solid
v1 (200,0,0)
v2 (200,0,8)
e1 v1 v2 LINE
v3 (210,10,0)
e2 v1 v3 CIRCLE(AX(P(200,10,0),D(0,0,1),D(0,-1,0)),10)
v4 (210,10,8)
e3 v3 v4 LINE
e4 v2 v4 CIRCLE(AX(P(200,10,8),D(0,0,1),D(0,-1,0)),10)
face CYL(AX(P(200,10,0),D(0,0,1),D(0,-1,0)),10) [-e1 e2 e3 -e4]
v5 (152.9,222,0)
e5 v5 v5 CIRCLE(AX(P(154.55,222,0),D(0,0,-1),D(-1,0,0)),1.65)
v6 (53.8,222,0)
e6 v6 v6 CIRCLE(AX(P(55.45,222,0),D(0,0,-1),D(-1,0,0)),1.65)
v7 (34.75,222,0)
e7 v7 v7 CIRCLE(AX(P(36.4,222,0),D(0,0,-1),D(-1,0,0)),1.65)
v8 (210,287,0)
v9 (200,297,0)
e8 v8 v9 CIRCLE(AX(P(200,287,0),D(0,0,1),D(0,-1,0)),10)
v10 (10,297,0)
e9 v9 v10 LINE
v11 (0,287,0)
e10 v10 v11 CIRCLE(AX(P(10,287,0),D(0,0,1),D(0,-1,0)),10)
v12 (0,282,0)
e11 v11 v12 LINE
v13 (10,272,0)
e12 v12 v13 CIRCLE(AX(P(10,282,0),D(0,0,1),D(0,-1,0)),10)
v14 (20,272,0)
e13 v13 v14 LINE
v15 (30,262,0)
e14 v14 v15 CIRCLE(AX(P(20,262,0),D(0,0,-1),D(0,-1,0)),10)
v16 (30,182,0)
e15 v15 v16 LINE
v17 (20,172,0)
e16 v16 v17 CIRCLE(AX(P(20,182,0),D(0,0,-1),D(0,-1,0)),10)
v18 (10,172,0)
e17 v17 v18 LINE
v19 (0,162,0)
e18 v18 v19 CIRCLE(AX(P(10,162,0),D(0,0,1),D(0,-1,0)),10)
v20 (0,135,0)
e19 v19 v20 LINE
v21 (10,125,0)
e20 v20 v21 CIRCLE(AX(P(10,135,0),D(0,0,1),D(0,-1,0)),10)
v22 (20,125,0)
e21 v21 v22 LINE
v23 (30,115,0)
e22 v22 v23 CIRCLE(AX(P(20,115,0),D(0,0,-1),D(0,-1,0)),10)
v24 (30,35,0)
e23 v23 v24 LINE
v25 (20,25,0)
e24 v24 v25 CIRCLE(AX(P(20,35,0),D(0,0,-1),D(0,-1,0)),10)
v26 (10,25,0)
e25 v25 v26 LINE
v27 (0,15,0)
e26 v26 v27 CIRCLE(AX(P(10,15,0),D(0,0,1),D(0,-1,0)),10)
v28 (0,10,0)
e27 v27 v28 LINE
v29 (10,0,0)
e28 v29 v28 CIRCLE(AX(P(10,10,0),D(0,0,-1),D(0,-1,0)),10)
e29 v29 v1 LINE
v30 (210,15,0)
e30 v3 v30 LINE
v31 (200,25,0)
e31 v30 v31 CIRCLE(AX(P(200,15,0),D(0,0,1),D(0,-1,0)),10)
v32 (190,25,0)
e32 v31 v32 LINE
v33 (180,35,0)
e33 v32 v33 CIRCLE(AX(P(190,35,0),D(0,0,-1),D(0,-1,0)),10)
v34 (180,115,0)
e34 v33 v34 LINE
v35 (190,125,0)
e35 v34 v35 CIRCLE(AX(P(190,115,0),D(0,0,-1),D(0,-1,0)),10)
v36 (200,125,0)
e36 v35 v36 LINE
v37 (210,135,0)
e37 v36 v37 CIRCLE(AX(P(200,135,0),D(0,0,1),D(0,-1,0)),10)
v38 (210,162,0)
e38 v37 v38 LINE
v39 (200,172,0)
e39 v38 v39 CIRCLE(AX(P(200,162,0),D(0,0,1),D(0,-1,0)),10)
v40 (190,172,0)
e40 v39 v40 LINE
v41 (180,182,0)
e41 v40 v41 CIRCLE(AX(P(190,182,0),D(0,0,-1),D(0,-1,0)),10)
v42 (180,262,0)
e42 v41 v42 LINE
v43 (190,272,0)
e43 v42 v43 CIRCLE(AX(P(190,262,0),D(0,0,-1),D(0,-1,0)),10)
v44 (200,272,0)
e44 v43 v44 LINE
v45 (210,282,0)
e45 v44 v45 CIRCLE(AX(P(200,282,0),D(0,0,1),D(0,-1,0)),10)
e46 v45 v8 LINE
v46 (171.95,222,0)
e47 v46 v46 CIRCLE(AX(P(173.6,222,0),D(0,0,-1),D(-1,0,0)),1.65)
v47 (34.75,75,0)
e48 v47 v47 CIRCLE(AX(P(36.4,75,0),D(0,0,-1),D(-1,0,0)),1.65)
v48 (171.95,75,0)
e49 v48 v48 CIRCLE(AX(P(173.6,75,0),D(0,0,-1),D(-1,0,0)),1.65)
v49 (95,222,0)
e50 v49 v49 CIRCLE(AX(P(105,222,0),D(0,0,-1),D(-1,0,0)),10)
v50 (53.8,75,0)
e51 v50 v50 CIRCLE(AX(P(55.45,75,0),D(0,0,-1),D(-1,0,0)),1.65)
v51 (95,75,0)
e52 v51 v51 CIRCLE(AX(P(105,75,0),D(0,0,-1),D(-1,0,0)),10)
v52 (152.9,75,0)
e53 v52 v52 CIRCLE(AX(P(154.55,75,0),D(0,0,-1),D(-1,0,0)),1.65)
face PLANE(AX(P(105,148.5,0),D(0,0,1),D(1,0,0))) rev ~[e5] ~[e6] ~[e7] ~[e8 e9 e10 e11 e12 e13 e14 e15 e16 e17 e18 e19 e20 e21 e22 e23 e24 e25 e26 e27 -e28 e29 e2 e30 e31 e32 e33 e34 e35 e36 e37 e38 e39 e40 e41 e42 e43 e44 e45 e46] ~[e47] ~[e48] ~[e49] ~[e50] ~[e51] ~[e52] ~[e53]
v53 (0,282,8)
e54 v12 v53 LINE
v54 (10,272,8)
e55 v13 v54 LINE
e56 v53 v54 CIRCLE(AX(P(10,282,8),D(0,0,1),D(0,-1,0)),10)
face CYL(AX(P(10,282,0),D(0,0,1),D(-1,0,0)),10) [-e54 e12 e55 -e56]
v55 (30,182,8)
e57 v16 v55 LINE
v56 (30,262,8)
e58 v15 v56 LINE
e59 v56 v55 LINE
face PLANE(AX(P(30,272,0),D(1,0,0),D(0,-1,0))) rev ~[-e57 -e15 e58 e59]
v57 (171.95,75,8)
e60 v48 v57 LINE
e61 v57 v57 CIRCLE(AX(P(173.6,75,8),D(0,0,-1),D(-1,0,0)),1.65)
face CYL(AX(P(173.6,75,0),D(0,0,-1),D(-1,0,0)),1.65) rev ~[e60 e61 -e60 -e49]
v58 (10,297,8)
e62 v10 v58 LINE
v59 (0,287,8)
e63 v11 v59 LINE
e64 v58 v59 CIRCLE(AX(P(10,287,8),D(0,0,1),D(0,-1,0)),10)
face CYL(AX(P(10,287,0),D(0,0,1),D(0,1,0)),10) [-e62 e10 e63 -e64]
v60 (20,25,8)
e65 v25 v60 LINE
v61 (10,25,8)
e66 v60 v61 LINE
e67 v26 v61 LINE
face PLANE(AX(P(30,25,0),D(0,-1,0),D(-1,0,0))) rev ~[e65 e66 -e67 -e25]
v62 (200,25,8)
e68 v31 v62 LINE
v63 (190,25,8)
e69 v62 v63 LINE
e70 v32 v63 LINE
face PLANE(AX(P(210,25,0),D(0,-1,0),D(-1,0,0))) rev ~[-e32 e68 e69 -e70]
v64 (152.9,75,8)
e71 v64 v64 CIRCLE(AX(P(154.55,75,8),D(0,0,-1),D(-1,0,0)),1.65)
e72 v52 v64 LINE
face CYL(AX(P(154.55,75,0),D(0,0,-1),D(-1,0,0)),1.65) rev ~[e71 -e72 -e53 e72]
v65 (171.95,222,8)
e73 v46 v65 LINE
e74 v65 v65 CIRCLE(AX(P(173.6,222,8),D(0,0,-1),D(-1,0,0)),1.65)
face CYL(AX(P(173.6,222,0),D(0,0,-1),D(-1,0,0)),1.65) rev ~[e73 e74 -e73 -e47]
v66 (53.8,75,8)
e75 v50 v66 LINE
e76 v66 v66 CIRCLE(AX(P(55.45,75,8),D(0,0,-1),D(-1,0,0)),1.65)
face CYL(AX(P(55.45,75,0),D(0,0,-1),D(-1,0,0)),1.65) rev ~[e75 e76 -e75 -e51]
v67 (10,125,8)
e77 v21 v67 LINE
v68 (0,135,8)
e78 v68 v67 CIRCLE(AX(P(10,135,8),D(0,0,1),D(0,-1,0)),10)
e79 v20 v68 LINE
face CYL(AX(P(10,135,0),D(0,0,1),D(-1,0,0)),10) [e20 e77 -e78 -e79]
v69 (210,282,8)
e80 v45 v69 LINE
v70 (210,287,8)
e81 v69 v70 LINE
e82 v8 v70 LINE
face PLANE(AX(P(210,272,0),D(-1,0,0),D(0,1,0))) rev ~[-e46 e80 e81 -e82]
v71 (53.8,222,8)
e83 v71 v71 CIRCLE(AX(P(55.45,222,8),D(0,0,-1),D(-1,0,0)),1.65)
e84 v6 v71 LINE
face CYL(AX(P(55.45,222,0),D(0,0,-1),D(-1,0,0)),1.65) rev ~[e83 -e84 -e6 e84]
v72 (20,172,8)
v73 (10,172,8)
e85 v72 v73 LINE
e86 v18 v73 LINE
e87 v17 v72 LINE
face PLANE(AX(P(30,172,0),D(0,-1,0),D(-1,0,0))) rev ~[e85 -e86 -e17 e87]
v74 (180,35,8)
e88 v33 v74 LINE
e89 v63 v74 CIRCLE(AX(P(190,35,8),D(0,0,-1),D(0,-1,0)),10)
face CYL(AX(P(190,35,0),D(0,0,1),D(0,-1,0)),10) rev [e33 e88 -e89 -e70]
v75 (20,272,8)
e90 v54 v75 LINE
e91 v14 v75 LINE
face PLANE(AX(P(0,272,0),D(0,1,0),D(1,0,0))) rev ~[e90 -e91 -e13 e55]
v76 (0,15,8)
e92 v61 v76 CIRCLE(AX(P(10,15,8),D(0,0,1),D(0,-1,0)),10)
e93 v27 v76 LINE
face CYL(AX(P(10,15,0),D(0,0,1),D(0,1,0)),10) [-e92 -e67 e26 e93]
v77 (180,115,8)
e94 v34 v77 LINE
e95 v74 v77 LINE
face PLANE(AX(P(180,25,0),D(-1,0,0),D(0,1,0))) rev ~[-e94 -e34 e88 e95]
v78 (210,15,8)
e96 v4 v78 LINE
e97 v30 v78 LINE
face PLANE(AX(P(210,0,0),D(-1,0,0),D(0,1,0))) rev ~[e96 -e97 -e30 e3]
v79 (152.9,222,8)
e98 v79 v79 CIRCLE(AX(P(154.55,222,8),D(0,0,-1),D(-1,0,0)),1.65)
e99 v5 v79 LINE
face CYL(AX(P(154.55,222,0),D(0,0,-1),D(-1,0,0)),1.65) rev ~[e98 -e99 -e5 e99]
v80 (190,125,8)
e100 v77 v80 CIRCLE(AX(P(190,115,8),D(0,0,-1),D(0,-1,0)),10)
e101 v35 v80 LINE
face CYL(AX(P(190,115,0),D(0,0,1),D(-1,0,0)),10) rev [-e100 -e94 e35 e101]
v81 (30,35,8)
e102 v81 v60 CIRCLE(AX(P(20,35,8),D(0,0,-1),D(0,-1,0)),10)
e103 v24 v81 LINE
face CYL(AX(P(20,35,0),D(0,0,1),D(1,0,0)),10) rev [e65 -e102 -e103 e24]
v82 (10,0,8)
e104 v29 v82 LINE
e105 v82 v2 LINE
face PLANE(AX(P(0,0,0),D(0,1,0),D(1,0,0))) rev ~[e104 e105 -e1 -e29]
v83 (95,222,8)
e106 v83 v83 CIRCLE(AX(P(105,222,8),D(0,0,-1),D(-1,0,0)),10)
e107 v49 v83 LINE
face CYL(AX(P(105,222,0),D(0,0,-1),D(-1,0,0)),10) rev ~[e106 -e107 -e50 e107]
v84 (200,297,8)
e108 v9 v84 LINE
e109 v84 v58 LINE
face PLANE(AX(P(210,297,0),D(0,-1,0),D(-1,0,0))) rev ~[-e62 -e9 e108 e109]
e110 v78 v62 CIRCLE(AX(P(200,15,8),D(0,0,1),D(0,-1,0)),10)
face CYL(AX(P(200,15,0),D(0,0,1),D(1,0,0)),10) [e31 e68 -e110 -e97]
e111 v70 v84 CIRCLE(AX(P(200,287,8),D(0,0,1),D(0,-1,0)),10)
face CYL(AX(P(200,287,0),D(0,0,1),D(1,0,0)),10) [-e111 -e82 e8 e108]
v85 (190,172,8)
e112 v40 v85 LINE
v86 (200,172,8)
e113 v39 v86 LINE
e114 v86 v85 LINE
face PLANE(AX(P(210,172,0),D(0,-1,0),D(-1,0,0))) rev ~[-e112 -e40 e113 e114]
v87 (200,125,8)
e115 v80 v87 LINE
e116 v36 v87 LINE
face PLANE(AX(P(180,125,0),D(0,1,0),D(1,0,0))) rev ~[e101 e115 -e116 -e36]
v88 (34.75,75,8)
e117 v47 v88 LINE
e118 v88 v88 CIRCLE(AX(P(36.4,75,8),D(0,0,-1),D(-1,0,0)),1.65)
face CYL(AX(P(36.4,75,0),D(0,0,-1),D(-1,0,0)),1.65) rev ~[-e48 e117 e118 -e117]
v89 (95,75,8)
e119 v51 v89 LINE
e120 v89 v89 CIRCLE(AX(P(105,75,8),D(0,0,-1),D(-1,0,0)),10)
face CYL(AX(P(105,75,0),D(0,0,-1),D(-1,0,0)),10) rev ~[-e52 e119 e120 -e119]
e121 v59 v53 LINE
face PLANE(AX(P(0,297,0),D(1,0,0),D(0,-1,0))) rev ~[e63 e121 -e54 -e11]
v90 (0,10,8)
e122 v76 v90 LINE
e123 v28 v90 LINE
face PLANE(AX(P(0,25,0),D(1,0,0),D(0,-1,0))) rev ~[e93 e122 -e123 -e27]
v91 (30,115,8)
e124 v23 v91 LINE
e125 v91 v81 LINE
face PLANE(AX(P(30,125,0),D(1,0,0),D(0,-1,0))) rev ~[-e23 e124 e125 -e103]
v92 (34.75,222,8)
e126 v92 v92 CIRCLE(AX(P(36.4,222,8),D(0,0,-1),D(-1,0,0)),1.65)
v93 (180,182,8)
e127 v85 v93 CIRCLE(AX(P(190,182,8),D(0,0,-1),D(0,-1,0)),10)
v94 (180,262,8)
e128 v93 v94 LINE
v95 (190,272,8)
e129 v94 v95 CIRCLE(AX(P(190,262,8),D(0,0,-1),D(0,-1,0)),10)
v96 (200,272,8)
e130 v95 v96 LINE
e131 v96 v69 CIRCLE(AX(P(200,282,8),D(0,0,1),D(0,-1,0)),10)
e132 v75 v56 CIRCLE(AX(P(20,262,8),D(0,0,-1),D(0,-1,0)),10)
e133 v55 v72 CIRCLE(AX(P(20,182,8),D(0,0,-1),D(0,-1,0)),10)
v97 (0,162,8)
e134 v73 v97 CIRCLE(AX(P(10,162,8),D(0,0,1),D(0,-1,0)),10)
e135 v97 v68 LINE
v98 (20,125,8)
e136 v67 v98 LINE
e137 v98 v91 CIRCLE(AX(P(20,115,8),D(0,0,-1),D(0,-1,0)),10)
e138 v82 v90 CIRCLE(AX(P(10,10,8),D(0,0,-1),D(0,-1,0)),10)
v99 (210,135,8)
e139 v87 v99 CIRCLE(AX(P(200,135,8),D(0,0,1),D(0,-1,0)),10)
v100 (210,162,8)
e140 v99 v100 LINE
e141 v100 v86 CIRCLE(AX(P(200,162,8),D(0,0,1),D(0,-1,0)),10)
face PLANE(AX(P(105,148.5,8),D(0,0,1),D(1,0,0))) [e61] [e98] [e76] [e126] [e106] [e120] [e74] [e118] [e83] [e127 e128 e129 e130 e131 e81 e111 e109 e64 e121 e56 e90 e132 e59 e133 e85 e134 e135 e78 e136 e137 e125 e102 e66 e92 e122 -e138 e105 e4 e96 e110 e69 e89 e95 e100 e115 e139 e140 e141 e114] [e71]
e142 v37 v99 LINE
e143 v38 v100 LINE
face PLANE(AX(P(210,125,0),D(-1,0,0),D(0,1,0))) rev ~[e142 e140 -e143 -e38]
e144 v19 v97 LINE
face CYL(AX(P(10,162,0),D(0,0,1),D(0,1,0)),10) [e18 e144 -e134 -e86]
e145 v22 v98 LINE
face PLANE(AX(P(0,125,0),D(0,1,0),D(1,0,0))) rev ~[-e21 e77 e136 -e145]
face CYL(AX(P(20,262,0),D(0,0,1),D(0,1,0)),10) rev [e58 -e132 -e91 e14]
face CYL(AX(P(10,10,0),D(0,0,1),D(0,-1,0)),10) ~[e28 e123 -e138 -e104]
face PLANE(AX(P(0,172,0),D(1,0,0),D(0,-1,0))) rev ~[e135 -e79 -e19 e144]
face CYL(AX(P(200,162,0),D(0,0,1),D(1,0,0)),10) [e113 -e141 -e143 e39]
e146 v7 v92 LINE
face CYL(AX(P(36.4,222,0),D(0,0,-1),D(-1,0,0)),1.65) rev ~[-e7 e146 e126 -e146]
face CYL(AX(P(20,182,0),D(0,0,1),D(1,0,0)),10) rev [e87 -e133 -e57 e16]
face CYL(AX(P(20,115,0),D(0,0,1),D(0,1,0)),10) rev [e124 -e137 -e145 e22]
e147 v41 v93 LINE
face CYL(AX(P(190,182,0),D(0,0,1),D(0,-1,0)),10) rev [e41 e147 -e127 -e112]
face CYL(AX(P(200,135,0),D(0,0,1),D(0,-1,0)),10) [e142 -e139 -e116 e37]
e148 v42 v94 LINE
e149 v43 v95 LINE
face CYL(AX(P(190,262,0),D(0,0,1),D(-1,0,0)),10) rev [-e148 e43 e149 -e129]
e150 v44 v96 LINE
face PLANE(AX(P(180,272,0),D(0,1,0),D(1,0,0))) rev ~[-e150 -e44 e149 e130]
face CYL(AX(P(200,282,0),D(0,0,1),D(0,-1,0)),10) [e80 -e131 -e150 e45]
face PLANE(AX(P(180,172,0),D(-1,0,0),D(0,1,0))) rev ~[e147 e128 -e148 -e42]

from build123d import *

# Parameters (mm, degrees)
P_IDAT_VYSUNUT_M2_DEPTH  = 8
ZAOBLIT1_R               = 10
SKICA2_R                 = 1.65
SKICA2_R_2               = 10
ODEBRAT_VYSUNUT_M1_DEPTH = 8


with BuildPart() as part:
    # Skica1 → Přidat vysunutím2 (new body)
    with BuildSketch(Plane.XY):
        Polygon((0, 0), (210, 0), (210, 25), (180, 25), (180, 125), (210, 125), (210, 172), (180, 172), (180, 272), (210, 272), (210, 297), (0, 297), (0, 272), (30, 272), (30, 172), (0, 172), (0, 125), (30, 125), (30, 25), (0, 25), align=None)
    extrude(amount=P_IDAT_VYSUNUT_M2_DEPTH)

    # Zaoblit1
    zaoblit1_edges = [part.edges().sort_by_distance(p)[0] for p in [
        (0, 25, 4),
        (30, 25, 4),
        (30, 125, 4),
        (0, 125, 4),
        (0, 172, 4),
        (30, 172, 4),
        (30, 272, 4),
        (0, 272, 4),
        (0, 297, 4),
        (210, 297, 4),
        (210, 272, 4),
        (180, 272, 4),
        (180, 172, 4),
        (210, 172, 4),
        (210, 125, 4),
        (180, 125, 4),
        (180, 25, 4),
        (210, 25, 4),
        (210, 0, 4),
        (0, 0, 4),
    ]]
    fillet(zaoblit1_edges, radius=ZAOBLIT1_R)

    # Skica2 → Odebrat vysunutím1 (cut)
    with BuildSketch(Plane(origin=(0, 0, 0), x_dir=(-1, 0, 0), z_dir=(0, 0, -1))):
        with Locations((-173.6, 222)):
            Circle(SKICA2_R)
        with Locations((-36.4, 222)):
            Circle(SKICA2_R)
        with Locations((-55.45, 222)):
            Circle(SKICA2_R)
        with Locations((-154.55, 222)):
            Circle(SKICA2_R)
        with Locations((-173.6, 75)):
            Circle(SKICA2_R)
        with Locations((-154.55, 75)):
            Circle(SKICA2_R)
        with Locations((-55.45, 75)):
            Circle(SKICA2_R)
        with Locations((-36.4, 75)):
            Circle(SKICA2_R)
        with Locations((-105, 75)):
            Circle(SKICA2_R_2)
        with Locations((-105, 222)):
            Circle(SKICA2_R_2)
    extrude(amount=-ODEBRAT_VYSUNUT_M1_DEPTH, mode=Mode.SUBTRACT)


solid = part.part
